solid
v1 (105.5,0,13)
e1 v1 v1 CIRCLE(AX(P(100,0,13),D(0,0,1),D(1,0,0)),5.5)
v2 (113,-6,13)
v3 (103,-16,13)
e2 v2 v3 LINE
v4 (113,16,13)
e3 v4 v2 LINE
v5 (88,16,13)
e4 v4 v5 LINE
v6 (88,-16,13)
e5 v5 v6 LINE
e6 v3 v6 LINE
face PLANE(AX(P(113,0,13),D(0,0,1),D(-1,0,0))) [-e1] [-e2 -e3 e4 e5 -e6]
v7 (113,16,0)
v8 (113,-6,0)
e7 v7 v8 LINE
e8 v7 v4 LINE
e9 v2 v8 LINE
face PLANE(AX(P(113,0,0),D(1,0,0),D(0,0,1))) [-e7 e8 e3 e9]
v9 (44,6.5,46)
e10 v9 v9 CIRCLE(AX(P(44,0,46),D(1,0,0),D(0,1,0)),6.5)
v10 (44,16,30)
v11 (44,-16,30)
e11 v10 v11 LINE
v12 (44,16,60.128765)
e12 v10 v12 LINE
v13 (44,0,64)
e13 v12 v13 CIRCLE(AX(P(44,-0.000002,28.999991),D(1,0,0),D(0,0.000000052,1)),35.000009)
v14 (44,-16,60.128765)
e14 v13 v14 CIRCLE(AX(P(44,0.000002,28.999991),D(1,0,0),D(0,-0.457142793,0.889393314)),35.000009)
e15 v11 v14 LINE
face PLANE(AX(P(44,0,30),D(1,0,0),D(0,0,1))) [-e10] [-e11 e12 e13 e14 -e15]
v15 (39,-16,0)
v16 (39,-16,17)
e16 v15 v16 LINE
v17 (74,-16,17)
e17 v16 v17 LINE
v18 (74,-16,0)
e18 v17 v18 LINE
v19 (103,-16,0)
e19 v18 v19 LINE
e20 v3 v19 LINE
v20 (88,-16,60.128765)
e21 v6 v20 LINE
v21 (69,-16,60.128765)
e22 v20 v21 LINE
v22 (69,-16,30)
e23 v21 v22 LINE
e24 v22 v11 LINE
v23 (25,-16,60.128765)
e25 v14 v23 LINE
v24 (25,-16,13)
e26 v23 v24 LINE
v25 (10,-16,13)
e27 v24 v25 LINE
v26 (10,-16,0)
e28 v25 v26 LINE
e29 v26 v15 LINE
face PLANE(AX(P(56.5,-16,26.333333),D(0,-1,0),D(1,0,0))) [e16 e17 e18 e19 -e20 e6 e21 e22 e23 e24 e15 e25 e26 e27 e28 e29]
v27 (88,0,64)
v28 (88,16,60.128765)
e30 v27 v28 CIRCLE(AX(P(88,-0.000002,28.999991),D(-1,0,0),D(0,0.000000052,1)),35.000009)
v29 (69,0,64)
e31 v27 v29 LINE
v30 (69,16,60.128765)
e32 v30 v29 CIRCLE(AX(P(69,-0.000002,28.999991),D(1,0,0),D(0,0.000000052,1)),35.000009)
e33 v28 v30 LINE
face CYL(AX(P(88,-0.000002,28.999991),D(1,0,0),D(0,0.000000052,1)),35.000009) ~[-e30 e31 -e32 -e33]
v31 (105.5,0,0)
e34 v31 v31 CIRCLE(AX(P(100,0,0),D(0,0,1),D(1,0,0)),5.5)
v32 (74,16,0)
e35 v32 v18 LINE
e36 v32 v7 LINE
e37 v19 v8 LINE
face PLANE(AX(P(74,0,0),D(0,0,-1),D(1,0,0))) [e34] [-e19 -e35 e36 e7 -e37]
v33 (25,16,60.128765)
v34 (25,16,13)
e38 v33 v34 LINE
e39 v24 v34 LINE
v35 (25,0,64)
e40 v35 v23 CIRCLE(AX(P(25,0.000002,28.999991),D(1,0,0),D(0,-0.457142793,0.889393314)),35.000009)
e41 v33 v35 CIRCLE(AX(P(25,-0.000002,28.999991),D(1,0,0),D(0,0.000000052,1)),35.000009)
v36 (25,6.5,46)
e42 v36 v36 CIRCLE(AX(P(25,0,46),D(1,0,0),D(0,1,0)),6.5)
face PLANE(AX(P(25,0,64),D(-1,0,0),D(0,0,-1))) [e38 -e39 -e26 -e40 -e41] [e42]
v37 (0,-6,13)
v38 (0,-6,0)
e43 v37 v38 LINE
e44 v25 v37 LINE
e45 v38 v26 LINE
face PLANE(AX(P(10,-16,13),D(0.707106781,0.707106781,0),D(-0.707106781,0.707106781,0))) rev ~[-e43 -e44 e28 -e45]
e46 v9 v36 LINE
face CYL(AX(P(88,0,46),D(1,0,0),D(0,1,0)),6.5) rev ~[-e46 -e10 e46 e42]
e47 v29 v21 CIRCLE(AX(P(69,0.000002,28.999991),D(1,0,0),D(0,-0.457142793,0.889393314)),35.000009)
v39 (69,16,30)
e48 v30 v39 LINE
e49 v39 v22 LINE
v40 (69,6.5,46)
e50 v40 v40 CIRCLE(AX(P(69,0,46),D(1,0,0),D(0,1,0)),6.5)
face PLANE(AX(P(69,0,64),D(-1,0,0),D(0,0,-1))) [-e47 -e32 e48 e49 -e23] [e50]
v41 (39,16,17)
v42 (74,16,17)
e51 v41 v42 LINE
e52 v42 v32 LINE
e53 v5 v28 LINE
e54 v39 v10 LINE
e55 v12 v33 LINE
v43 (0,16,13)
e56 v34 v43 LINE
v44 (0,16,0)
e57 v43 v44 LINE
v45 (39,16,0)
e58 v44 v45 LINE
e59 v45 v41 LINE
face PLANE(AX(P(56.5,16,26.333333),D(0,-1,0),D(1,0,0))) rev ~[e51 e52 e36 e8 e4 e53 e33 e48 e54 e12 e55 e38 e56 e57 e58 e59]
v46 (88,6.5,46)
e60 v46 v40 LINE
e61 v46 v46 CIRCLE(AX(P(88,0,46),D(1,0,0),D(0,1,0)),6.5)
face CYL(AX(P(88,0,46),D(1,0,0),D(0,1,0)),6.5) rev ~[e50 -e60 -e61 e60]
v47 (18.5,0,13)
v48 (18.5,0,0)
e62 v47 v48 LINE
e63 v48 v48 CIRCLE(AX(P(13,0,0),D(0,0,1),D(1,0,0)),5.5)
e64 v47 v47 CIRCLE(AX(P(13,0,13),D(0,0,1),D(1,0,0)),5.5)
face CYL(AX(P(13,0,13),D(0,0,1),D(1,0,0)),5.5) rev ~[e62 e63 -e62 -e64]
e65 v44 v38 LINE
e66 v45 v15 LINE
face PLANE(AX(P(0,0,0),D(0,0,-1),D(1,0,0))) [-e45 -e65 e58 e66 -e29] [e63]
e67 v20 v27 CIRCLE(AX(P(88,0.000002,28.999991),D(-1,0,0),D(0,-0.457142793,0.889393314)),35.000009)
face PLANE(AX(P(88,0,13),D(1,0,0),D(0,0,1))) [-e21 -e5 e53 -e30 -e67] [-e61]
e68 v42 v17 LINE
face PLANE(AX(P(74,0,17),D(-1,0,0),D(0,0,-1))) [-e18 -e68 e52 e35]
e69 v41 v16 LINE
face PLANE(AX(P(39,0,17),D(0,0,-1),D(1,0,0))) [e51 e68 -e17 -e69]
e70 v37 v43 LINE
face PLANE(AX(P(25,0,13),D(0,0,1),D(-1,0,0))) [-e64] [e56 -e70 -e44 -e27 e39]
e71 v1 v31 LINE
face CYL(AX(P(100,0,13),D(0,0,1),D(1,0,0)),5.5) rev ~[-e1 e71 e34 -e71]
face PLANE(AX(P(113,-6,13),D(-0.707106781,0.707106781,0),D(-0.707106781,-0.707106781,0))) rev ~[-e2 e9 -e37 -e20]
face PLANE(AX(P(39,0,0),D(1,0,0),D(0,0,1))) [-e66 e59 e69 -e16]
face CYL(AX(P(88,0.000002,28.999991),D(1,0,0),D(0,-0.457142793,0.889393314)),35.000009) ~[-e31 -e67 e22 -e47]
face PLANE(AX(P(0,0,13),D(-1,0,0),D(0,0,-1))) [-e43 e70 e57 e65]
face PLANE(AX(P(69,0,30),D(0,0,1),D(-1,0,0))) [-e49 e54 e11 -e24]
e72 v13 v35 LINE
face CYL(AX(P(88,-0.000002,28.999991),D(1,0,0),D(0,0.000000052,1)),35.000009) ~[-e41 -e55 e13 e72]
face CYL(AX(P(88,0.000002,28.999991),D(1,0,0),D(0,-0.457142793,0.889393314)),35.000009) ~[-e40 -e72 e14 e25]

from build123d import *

# Parameters (mm, degrees)
F1_DEPTH  = 16
F3_DEPTH  = 13.001
F5_DEPTH  = 13.001
F6_R      = 6.5
F7_DEPTH  = 88.001
F8_R      = 5.5
F9_DEPTH  = 13.001
F11_DEPTH = 88.001


with BuildPart() as f1:
    # F0 (on Front) → F1 (new body, symmetric)
    with BuildSketch(Plane.XZ):
        Polygon((0, 13), (0, 0), (39, 0), (39, 17), (74, 17), (74, 0), (113, 0), (113, 13), (88, 13), (88, 64), (69, 64), (69, 30), (44, 30), (44, 64), (25, 64), (25, 13), align=None)
    extrude(amount=F1_DEPTH, both=True)

    # F2 (on face) → F3 (cut, through all)
    with BuildSketch(Plane.XY.offset(13)):
        Polygon((10, -16), (0, -6), (0, -16), align=None)
    extrude(amount=-F3_DEPTH, mode=Mode.SUBTRACT)

    # F4 (on face) → F5 (cut, through all)
    with BuildSketch(Plane.XY.offset(13)):
        Polygon((113, -6), (103, -16), (113, -16), align=None)
    extrude(amount=-F5_DEPTH, mode=Mode.SUBTRACT)

    # F6 (on face) → F7 (cut, through all)
    with BuildSketch(Plane.YZ.offset(88)):
        with Locations((0, 46)):
            Circle(F6_R)
    extrude(amount=-F7_DEPTH, mode=Mode.SUBTRACT)

    # F8 (on face) → F9 (cut, through all)
    with BuildSketch(Plane.XY.offset(13)):
        with Locations((100, 0)):
            Circle(F8_R)
        with Locations((13, 0)):
            Circle(F8_R)
    extrude(amount=-F9_DEPTH, mode=Mode.SUBTRACT)

    # F10 (on face) → F11 (cut, through all)
    with BuildSketch(Plane.YZ.offset(88)):
        with BuildLine():
            ThreePointArc((-16, 60.128765), (-8.230833, 63.018427), (0, 64))
            Line((0, 64), (-16, 64))
            Line((-16, 64), (-16, 60.128765))
        make_face()
        with BuildLine():
            ThreePointArc((0, 64), (8.230833, 63.018427), (16, 60.128765))
            Line((16, 60.128765), (16, 64))
            Line((16, 64), (0, 64))
        make_face()
    extrude(amount=-F11_DEPTH, mode=Mode.SUBTRACT)


solid = f1.part
